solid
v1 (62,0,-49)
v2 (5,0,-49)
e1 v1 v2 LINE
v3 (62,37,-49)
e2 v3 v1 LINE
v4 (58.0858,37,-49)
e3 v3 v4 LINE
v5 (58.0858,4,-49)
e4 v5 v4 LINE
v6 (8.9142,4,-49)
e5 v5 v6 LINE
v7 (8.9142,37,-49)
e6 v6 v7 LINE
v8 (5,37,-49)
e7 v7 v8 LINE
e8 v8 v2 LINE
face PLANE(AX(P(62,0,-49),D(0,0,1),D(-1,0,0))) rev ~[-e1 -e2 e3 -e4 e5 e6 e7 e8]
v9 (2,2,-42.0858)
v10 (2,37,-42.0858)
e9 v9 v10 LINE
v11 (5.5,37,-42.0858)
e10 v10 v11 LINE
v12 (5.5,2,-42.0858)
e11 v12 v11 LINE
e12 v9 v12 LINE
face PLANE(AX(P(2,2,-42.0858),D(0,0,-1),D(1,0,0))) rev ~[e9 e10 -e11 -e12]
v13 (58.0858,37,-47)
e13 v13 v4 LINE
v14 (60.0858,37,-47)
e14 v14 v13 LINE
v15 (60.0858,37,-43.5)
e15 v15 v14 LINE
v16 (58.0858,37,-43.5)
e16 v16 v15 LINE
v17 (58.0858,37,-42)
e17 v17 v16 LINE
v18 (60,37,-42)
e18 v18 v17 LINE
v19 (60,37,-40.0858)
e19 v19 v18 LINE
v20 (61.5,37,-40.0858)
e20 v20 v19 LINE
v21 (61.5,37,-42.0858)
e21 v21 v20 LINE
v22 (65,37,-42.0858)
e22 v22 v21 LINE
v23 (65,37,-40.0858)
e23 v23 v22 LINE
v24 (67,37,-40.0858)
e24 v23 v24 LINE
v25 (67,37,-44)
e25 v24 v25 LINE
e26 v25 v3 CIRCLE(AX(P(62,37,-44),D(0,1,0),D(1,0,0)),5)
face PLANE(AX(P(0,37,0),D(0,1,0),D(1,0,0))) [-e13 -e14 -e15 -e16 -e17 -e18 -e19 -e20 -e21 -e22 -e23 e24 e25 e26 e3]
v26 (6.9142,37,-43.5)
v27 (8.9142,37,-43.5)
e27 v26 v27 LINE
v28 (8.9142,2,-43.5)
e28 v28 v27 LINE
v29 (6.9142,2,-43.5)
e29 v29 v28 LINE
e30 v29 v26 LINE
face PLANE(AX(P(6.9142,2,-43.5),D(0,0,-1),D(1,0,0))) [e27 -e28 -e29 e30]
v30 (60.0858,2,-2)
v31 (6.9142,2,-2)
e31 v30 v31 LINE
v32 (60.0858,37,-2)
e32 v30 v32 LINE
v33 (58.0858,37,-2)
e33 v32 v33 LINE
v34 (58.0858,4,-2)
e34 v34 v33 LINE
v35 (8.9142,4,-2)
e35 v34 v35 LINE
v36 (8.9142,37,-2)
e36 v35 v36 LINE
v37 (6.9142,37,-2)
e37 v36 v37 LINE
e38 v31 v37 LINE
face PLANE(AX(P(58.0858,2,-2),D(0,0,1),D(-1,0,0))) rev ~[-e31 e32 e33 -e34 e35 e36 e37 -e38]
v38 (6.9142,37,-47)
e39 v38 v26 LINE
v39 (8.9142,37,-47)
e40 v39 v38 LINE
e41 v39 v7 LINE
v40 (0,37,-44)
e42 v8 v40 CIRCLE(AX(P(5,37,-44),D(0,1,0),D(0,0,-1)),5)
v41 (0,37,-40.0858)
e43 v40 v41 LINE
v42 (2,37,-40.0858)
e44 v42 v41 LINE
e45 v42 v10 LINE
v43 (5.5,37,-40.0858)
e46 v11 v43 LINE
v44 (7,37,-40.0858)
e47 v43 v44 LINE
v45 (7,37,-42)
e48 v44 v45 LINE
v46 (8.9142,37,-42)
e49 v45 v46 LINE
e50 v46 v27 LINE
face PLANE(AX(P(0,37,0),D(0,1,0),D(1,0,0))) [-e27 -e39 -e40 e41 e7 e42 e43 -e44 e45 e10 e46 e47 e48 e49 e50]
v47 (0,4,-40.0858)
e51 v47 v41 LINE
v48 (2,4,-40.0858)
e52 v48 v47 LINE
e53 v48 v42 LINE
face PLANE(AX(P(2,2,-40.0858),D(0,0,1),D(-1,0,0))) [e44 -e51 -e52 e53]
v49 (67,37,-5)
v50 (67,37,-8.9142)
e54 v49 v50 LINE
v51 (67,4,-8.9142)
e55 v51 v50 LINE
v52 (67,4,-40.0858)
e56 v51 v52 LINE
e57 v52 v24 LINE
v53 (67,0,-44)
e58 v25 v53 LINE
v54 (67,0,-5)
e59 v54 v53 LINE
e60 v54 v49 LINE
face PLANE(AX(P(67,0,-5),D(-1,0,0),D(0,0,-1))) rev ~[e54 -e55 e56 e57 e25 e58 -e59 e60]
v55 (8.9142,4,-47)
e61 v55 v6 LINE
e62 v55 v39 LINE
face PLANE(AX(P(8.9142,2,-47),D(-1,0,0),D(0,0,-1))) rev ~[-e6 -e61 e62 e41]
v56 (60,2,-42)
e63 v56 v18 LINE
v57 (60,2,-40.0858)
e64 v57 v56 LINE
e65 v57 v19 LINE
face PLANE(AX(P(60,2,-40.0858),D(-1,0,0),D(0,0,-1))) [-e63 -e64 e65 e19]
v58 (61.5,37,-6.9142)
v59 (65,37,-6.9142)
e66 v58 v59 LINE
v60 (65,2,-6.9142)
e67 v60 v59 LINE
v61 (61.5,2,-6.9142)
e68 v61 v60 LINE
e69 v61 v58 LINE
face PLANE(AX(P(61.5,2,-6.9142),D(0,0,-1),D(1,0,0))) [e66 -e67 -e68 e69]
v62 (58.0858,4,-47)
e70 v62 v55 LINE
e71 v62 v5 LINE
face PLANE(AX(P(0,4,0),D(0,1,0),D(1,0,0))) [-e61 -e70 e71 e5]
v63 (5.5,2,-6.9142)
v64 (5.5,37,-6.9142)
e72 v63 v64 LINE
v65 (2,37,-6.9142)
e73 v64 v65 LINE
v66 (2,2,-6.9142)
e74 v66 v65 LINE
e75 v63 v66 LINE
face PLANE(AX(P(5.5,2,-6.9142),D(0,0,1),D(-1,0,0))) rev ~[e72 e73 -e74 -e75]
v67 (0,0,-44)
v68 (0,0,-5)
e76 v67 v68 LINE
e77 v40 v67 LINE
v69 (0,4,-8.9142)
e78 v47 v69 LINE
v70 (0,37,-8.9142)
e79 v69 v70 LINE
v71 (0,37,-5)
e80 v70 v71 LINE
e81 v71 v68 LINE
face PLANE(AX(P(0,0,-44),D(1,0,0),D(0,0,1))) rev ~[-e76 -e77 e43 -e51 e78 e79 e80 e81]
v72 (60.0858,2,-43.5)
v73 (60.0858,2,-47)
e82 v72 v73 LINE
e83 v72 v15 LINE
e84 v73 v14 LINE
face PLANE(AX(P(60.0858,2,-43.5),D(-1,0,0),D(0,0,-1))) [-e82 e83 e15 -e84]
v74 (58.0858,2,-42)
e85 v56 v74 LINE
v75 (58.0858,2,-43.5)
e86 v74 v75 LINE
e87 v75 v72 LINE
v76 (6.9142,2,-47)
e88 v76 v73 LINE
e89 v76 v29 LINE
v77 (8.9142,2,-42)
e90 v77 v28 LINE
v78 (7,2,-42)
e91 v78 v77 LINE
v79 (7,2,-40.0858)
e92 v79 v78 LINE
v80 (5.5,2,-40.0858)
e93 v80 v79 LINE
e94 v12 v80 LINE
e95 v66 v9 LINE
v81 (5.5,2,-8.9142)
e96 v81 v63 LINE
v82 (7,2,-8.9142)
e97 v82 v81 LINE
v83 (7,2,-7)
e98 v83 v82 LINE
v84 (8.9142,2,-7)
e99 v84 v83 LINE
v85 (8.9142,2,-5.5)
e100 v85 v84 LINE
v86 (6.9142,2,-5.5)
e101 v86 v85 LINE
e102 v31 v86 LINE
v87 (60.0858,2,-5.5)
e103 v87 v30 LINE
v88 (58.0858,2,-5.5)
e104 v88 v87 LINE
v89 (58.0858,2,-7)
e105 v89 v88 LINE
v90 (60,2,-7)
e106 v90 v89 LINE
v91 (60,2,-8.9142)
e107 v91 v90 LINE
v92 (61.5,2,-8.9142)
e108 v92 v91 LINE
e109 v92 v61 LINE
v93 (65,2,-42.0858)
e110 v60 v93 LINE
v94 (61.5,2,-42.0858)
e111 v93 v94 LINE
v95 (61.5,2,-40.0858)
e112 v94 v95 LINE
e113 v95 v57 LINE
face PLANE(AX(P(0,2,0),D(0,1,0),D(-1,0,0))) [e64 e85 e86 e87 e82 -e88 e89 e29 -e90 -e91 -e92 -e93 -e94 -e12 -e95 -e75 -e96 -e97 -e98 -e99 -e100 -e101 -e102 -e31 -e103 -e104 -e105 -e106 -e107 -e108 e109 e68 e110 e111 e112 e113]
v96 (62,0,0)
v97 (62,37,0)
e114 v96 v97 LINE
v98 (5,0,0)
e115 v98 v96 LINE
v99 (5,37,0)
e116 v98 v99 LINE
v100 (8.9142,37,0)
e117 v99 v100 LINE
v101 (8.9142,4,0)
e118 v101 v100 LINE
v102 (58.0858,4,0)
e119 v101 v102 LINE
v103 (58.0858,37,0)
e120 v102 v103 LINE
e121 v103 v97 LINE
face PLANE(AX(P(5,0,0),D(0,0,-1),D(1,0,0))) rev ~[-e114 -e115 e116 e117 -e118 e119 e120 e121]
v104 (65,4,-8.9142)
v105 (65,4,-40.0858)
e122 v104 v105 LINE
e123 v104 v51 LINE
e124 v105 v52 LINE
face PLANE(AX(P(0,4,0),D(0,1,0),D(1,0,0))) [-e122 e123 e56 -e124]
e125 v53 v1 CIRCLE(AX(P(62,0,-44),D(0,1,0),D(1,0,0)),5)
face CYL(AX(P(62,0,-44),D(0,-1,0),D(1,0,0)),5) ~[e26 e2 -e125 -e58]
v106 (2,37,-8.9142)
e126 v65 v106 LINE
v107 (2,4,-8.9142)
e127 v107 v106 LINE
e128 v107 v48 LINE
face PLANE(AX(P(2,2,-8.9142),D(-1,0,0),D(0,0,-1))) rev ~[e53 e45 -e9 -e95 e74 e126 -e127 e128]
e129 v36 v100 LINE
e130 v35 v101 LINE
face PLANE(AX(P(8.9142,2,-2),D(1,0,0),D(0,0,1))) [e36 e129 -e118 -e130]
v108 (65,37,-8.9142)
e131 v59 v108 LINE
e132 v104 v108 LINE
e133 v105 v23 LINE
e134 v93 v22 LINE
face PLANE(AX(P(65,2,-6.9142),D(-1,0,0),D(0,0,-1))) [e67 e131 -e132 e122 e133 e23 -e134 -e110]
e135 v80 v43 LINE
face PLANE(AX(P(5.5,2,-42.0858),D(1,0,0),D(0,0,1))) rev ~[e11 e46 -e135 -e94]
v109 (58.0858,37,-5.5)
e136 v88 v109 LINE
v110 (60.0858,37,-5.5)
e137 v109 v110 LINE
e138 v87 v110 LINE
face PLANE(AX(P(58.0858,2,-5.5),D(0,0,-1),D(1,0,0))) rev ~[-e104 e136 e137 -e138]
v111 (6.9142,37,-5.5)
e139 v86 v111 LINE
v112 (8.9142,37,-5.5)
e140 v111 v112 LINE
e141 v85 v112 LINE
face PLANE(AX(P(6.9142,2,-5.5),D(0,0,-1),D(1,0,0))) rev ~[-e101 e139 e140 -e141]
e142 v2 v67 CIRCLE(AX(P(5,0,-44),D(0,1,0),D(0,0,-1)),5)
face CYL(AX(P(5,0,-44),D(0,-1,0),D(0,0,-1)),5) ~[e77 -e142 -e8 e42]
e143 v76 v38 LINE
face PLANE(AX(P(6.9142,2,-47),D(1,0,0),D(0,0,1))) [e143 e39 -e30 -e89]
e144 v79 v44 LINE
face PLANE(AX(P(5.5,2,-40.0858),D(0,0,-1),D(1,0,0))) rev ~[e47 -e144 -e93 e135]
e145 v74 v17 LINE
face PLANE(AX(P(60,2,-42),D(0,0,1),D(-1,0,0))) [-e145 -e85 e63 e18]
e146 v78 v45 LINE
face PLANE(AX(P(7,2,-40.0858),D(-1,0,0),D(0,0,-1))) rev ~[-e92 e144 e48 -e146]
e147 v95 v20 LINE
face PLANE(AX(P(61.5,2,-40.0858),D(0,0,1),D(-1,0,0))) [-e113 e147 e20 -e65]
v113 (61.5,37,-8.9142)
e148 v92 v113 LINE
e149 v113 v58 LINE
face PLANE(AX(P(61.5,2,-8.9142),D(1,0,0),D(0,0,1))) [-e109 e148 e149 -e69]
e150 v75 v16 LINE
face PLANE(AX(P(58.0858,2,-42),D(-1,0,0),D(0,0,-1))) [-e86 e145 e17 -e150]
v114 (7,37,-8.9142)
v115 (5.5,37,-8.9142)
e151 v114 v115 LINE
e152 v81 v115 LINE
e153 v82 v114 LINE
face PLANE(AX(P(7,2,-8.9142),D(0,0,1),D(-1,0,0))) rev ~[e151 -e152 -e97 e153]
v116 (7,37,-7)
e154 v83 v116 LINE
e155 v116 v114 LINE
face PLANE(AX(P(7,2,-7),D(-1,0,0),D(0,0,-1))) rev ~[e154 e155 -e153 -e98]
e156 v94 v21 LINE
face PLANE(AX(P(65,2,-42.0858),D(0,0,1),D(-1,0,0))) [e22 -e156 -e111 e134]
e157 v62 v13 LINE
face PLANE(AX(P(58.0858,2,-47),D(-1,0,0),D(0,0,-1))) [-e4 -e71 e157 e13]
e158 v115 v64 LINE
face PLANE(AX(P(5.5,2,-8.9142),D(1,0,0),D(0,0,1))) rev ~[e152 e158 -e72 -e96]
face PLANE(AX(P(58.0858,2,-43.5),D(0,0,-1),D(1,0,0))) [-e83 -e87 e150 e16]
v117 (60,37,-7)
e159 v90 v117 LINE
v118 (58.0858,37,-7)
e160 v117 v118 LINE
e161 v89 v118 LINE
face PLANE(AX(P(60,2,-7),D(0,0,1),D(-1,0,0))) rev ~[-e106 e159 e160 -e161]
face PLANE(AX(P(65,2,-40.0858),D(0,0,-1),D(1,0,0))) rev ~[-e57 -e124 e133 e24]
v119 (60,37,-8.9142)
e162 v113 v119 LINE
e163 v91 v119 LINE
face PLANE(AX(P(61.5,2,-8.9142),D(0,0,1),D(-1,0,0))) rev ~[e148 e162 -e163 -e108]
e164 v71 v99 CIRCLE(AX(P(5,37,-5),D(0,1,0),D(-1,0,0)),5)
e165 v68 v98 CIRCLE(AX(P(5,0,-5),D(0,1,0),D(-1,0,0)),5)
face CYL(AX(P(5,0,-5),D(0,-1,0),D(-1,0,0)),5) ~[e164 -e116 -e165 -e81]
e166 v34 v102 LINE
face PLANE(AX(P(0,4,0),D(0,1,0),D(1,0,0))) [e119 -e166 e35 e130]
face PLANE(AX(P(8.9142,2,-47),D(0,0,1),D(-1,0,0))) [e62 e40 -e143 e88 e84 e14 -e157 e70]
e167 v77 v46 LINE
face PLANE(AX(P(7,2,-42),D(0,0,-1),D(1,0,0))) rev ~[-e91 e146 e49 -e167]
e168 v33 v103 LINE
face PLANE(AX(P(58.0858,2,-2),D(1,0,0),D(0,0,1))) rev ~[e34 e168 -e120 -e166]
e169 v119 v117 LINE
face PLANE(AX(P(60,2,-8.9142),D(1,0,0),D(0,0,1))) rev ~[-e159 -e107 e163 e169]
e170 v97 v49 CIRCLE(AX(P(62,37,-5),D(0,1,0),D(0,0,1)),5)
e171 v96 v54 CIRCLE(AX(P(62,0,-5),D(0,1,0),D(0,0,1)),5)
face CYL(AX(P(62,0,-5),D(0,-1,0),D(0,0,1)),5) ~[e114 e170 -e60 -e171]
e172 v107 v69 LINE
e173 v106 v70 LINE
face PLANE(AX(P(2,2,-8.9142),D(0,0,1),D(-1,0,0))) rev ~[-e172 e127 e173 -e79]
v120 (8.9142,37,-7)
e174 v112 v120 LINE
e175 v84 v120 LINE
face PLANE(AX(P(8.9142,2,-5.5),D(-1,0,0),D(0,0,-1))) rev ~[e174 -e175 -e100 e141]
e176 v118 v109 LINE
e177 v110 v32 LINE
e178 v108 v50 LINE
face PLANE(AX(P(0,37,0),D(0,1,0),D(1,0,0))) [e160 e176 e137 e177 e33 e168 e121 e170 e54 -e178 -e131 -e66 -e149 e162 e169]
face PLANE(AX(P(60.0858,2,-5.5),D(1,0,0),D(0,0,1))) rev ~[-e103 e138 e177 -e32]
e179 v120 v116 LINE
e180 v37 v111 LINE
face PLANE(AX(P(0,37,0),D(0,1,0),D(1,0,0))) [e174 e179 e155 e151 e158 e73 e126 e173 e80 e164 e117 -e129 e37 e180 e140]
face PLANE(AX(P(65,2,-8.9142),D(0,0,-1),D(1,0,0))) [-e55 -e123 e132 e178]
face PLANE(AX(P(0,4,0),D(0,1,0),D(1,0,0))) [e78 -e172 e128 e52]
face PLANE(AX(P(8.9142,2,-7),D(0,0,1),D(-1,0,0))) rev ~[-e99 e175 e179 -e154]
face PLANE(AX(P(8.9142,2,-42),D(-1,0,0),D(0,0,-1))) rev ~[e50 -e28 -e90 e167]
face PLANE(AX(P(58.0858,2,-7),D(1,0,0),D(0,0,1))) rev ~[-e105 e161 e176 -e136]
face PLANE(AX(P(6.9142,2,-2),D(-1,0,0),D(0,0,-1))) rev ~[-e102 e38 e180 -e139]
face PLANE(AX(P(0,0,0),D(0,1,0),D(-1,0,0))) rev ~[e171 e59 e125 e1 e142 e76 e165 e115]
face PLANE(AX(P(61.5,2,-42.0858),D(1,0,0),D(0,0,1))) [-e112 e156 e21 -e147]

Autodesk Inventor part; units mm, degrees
ref_plane "YZ Plane" through (0, 0, 0) normal (1, 0, 0) x (0, 1, 0)
ref_plane "XZ Plane" through (0, 0, 0) normal (0, 1, 0) x (-1, 0, 0)
ref_plane "XY Plane" through (0, 0, 0) normal (0, 0, 1) x (1, 0, 0)
sketch "Skizze1" plane through (0, 0, 0) normal (0, 1, 0) x (-1, 0, 0)
  line L0 (-5, 0) -> (-62, 0)
  line L1 (-67, -5) -> (-67, -44)
  line L2 (-62, -49) -> (-5, -49)
  line L3 (0, -44) -> (0, -5)
  arc A0 (0, -5) -> (-5, 0) centre (-5, -5) ccw
  arc A1 (-62, 0) -> (-67, -5) centre (-62, -5) ccw
  arc A2 (-67, -44) -> (-62, -49) centre (-62, -44) ccw
  arc A3 (-5, -49) -> (0, -44) centre (-5, -44) ccw
  point P0 (0, 0)
  point P1 (-67, -49)
  point P2 (-67, 0)
  point P3 (0, -49)
  dimension "d0" = 67
  dimension "d1" = 49
  dimension "d2" = 5
extrude "Extrusion1" add sketch "Skizze1" along normal blind 2
sketch "Skizze2" plane through (0, 2, 0) normal (0, 1, 0) x (1, 0, 0)
  arc A0 (62, 0) -> (67, 5) centre (62, 5) ccw projected
  line L0 (67, 5) -> (67, 44) projected
  arc A1 (67, 44) -> (62, 49) centre (62, 44) ccw projected
  line L1 (62, 49) -> (5, 49) projected
  arc A2 (5, 49) -> (0, 44) centre (5, 44) ccw projected
  line L2 (0, 44) -> (0, 5) projected
  arc A3 (0, 5) -> (5, 0) centre (5, 5) ccw projected
  line L3 (5, 0) -> (62, 0) projected
  line L4 (6.9142, 5.5) -> (60.0858, 5.5)
  line L5 (60.0858, 5.5) -> (60.0858, 2)
  line L6 (60.0858, 2) -> (6.9142, 2)
  line L7 (6.9142, 2) -> (6.9142, 5.5)
  line L8 (61.5, 6.9142) -> (65, 6.9142)
  line L9 (65, 6.9142) -> (65, 42.0858)
  line L10 (65, 42.0858) -> (61.5, 42.0858)
  line L11 (61.5, 42.0858) -> (61.5, 6.9142)
  line L12 (60.0858, 47) -> (6.9142, 47)
  line L13 (6.9142, 47) -> (6.9142, 43.5)
  line L14 (6.9142, 43.5) -> (60.0858, 43.5)
  line L15 (60.0858, 43.5) -> (60.0858, 47)
  line L16 (2, 42.0858) -> (5.5, 42.0858)
  line L17 (5.5, 42.0858) -> (5.5, 6.9142)
  line L18 (5.5, 6.9142) -> (2, 6.9142)
  line L19 (2, 6.9142) -> (2, 42.0858)
  line L20 (33.5, 47) -> (33.5, 49) construction
  line L21 (65, 24.5) -> (67, 24.5) construction
  line L22 (62, 49) -> (5, 49) construction
  line L23 (33.5, 2) -> (33.5, 0) construction
  line L24 (5, 0) -> (62, 0) construction
  line L25 (2, 24.5) -> (0, 24.5) construction
  line L26 (0, 44) -> (0, 5) construction
  line L27 (5.5, 40.0858) -> (7, 40.0858)
  line L28 (7, 40.0858) -> (7, 42)
  line L29 (7, 42) -> (8.9142, 42)
  line L30 (8.9142, 42) -> (8.9142, 43.5)
  line L31 (61.5, 40.0858) -> (60, 40.0858)
  line L32 (60, 40.0858) -> (60, 42)
  line L33 (60, 42) -> (58.0858, 42)
  line L34 (58.0858, 42) -> (58.0858, 43.5)
  line L35 (61.5, 8.9142) -> (60, 8.9142)
  line L36 (60, 8.9142) -> (60, 7)
  line L37 (60, 7) -> (58.0858, 7)
  line L38 (58.0858, 7) -> (58.0858, 5.5)
  line L39 (8.9142, 5.5) -> (8.9142, 7)
  line L40 (8.9142, 7) -> (7, 7)
  line L41 (7, 7) -> (7, 8.9142)
  line L42 (7, 8.9142) -> (5.5, 8.9142)
  line L43 (2, 40.0858) -> (0, 40.0858)
  line L44 (65, 40.0858) -> (67, 40.0858)
  line L45 (65, 8.9142) -> (67, 8.9142)
  line L46 (58.0858, 2) -> (58.0858, 0)
  line L47 (8.9142, 2) -> (8.9142, 0)
  line L48 (2, 8.9142) -> (0, 8.9142)
  line L49 (8.9142, 47) -> (8.9142, 49)
  line L50 (58.0858, 47) -> (58.0858, 49)
  point P0 (0, 0)
  point P1 (58.0858, 0)
  point P2 (8.9142, 0)
  dimension "d5" = 3.5
  dimension "d6" = 2
  dimension "d7" = 35
  dimension "d9" = 2
  dimension "d10" = 2
  dimension "d11" = 2
extrude "Extrusion2" add sketch "Skizze2" along normal blind 2 contours L3 L47 L6 L46 | L45 L9 L44 L0 | L2 L43 L19 L48 | L50 L12 L49 L1
extrude "Extrusion3" add sketch "Skizze2" along normal blind 35 contours L3 L46 L6 L5 L4 L38 L37 L36 L35 L11 L8 L9 L45 L0 A0 | L3 A3 L2 L48 L19 L18 L17 L42 L41 L40 L39 L4 L7 L6 L47 | L44 L9 L10 L11 L31 L32 L33 L34 L14 L15 L12 L50 L1 A1 L0 | L2 A2 L1 L49 L12 L13 L14 L30 L29 L28 L27 L17 L16 L19 L43
equation "\"d10\" = d9"
properties part number "small_bottom"
